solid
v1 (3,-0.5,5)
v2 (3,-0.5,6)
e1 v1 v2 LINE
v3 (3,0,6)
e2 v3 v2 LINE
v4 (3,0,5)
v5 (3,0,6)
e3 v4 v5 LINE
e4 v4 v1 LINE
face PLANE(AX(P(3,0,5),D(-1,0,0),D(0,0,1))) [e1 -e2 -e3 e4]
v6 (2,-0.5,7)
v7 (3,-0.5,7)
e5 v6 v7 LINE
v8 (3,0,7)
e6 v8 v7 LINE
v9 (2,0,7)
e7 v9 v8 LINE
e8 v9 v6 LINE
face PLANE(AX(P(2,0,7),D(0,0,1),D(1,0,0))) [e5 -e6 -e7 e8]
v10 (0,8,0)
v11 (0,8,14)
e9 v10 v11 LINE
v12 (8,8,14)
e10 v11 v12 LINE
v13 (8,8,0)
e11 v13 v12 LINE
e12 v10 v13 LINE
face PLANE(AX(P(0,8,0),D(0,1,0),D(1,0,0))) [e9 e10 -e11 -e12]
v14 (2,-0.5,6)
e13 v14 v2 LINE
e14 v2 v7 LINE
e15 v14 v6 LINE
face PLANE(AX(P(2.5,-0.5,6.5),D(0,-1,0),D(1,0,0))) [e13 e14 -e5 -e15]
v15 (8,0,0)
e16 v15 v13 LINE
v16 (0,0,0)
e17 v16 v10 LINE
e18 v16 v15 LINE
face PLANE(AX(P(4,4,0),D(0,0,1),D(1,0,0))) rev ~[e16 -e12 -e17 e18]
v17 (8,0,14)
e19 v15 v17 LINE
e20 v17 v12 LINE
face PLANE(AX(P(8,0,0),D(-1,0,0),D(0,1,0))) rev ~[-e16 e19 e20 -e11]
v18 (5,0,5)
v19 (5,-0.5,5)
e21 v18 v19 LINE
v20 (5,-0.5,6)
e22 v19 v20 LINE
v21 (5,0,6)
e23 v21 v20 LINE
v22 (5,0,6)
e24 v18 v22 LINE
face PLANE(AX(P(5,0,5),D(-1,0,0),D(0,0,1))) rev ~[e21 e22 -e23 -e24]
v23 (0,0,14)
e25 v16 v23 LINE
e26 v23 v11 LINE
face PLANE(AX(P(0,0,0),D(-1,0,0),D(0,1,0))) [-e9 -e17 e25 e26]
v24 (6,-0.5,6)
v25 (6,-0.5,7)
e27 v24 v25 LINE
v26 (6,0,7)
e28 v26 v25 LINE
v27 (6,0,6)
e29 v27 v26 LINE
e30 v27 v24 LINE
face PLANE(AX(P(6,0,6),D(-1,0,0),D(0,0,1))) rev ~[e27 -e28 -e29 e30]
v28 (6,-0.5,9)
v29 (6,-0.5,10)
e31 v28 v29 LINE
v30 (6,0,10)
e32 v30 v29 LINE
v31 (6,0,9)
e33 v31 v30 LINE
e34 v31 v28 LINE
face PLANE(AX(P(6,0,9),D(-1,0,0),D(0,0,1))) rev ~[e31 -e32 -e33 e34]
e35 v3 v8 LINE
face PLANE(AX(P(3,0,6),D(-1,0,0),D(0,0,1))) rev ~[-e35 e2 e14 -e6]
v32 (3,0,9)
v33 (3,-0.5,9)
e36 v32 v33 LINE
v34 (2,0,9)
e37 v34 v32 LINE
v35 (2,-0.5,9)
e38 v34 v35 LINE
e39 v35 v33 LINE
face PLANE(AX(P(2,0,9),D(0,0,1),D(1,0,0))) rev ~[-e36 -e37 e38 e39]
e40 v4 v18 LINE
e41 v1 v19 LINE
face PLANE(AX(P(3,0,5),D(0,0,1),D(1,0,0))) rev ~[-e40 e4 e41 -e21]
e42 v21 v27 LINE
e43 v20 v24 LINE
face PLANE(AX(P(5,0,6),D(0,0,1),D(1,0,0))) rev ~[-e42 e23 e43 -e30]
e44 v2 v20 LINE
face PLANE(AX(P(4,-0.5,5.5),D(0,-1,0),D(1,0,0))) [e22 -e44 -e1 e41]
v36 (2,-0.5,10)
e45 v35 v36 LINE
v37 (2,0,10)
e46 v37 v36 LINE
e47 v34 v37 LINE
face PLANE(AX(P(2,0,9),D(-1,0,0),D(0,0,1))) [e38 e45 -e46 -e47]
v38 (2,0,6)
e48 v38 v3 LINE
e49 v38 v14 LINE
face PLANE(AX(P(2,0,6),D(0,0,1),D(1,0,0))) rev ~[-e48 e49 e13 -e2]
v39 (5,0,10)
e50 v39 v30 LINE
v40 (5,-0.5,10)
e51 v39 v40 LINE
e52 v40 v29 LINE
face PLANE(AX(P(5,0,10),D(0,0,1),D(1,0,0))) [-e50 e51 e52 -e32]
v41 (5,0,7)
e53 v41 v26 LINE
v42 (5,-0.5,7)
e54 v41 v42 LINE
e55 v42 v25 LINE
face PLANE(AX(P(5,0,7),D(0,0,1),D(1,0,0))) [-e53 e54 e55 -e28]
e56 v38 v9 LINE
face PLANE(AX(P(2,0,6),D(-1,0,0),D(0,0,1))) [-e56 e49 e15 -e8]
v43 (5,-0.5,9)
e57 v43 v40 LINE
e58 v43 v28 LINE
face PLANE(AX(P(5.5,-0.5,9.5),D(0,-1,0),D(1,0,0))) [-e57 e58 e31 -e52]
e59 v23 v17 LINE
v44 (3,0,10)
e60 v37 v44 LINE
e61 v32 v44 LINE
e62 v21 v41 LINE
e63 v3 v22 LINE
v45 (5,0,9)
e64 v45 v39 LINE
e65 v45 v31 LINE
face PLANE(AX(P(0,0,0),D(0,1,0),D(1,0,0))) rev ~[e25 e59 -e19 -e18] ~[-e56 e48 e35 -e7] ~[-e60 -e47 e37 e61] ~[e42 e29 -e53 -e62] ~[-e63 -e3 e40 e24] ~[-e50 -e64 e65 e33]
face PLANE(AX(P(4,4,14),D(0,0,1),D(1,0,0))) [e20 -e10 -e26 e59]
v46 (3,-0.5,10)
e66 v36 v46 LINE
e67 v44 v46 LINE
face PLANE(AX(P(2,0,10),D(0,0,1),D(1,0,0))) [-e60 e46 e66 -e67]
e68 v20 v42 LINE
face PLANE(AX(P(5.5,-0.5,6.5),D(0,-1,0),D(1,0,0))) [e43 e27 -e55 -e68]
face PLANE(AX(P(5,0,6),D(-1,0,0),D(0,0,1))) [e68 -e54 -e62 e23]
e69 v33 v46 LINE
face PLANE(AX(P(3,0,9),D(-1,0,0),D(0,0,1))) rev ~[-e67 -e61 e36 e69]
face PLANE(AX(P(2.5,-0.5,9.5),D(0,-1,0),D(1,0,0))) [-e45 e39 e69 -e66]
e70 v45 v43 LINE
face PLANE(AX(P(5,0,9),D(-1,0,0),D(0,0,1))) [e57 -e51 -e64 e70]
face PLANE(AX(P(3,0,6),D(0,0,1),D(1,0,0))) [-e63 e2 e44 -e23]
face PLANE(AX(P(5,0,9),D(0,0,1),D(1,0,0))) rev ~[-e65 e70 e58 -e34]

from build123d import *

# Parameters (mm, degrees)
SKETCH_W     = 8
SKETCH_H     = 8
PAD_DEPTH    = 14
SKETCH001_W  = 1
SKETCH001_H  = 1
PAD001_DEPTH = 0.5
SKETCH002_W  = 2
SKETCH002_H  = 1
PAD002_DEPTH = 0.5


with BuildPart() as part:
    # Sketch → Pad (new body)
    with BuildSketch(Plane.XY):
        with Locations((4, 4)):
            Rectangle(SKETCH_W, SKETCH_H)
    extrude(amount=PAD_DEPTH)

    # Sketch001 (on Face1 of Pad) → Pad001 (join)
    with BuildSketch(Plane.XZ):
        with Locations((2.5, 9.5)):
            Rectangle(SKETCH001_W, SKETCH001_H)
        with Locations((5.5, 9.5)):
            Rectangle(SKETCH001_W, SKETCH001_H)
        with Locations((2.5, 6.5)):
            Rectangle(SKETCH001_W, SKETCH001_H)
        with Locations((5.5, 6.5)):
            Rectangle(SKETCH001_W, SKETCH001_H)
    extrude(amount=PAD001_DEPTH)

    # Sketch002 (on Face1 of Pad001) → Pad002 (join)
    with BuildSketch(Plane.XZ):
        with Locations((4, 5.5)):
            Rectangle(SKETCH002_W, SKETCH002_H)
    extrude(amount=PAD002_DEPTH)


solid = part.part
